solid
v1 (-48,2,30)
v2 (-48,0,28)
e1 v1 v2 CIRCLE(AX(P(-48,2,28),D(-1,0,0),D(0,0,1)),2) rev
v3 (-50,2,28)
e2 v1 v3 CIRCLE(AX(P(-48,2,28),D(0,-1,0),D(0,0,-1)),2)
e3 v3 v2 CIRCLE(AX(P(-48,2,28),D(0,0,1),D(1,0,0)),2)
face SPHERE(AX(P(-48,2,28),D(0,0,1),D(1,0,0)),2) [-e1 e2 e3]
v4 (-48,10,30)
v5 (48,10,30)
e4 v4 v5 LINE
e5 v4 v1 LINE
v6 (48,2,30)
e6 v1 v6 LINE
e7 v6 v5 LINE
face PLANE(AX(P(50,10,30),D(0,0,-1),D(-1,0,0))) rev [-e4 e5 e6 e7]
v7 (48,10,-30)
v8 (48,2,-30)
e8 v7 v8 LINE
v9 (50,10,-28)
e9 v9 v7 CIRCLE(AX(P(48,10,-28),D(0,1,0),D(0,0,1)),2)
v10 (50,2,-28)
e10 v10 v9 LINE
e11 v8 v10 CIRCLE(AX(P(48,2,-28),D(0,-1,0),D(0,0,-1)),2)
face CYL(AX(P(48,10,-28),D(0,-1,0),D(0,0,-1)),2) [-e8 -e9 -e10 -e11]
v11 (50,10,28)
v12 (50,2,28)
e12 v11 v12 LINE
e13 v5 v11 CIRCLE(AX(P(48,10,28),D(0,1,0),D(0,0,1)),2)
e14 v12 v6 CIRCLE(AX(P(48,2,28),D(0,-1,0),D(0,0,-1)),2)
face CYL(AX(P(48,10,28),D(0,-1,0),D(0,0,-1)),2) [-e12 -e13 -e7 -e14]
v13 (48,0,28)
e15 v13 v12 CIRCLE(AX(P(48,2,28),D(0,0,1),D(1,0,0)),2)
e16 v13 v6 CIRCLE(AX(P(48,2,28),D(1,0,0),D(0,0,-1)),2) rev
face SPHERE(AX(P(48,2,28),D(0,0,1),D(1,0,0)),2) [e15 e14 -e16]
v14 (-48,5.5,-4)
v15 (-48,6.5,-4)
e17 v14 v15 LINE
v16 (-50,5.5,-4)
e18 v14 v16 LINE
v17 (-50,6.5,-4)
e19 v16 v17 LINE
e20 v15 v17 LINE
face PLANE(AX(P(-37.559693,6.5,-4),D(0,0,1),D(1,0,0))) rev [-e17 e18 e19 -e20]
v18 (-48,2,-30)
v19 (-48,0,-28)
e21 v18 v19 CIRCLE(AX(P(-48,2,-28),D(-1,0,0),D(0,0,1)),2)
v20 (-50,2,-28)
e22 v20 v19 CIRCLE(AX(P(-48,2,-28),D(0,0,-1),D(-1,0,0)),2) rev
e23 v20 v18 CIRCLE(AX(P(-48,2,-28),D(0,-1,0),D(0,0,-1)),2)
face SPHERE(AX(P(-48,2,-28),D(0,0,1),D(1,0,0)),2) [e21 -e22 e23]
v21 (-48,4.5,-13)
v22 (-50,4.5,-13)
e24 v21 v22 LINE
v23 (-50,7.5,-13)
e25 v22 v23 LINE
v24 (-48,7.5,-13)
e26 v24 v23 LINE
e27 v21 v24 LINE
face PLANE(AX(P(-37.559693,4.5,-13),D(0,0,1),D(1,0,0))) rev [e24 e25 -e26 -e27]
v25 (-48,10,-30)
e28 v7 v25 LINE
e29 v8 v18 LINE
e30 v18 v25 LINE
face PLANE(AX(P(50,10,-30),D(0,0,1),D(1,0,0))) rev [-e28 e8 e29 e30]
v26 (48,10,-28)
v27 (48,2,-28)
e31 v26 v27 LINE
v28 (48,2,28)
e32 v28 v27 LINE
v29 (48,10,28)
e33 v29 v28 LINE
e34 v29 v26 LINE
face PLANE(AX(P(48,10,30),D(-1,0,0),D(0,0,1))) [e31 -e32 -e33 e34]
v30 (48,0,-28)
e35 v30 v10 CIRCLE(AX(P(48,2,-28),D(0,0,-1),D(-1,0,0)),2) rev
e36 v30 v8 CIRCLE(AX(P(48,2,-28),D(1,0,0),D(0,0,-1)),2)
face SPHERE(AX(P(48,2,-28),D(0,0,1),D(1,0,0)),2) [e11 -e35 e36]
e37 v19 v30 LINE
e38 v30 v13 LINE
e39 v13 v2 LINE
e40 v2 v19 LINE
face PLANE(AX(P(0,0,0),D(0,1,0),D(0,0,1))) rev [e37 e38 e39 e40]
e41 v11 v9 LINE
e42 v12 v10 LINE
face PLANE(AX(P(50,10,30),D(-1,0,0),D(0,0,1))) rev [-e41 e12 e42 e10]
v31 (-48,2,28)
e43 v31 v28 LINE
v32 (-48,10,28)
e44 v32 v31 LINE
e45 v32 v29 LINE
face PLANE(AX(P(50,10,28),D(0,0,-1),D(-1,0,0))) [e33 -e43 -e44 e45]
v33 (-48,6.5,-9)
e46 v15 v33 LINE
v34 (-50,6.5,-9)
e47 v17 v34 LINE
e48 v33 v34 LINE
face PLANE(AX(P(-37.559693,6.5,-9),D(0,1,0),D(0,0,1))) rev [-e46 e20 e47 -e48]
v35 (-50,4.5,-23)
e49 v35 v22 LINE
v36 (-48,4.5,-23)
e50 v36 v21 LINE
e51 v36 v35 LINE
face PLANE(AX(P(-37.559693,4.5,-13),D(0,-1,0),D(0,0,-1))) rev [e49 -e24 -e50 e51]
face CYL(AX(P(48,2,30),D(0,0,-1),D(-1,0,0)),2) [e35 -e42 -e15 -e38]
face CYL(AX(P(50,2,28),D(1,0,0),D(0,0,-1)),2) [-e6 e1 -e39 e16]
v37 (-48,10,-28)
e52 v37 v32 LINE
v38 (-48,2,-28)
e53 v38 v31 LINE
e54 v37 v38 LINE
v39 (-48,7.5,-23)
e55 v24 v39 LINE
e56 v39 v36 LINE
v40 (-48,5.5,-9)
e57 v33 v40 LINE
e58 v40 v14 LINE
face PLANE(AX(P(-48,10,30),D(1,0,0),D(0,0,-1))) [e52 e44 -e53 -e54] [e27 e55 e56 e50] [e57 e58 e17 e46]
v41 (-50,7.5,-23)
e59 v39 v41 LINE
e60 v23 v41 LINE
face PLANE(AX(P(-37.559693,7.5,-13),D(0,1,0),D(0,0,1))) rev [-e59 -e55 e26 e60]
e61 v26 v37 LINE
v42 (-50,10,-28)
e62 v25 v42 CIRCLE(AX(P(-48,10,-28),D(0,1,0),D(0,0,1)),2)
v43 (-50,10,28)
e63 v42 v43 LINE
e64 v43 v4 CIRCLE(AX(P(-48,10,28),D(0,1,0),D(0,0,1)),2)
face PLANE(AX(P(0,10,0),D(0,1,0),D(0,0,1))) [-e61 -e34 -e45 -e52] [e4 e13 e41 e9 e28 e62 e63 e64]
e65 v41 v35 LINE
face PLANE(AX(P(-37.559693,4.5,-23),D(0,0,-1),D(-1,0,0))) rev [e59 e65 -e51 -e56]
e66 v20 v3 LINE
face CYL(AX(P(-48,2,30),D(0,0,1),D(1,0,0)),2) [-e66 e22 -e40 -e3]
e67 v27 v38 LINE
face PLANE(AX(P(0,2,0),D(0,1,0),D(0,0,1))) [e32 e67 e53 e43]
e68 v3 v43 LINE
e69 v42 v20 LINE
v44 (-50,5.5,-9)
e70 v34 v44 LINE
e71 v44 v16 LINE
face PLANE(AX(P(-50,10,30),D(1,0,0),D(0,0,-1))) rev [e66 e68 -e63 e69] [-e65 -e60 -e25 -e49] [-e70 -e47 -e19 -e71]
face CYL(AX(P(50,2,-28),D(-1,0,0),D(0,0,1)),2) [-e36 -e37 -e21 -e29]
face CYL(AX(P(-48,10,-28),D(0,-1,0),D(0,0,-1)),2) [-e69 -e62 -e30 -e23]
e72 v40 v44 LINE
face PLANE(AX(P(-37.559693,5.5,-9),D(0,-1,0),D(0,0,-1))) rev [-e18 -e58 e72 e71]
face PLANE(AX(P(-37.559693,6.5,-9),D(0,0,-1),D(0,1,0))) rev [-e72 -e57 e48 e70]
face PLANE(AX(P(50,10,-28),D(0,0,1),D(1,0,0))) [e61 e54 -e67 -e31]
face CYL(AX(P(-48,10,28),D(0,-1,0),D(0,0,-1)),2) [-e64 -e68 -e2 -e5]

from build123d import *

# Parameters (mm, degrees)
SKETCH1_W           = 100
SKETCH1_H           = 60
BOSS_EXTRUDE1_DEPTH = 10
SHELL1_T            = -2
FILLET1_R           = 2
SKETCH2_W           = 5
SKETCH2_H           = 1
SKETCH2_W_2         = 10
SKETCH2_H_2         = 3
CUT_EXTRUDE1_DEPTH  = 2


with BuildPart() as part:
    # Sketch1 → Boss-Extrude1 (new body)
    with BuildSketch(Plane(origin=(0, 0, 0), x_dir=(1, 0, 0), z_dir=(0, 1, 0))):
        Rectangle(SKETCH1_W, SKETCH1_H)
    extrude(amount=BOSS_EXTRUDE1_DEPTH)

    # Shell1
    shell1_openings = [part.faces().sort_by_distance(p)[0] for p in [
        (0, 10, 0),
    ]]
    offset(amount=SHELL1_T, openings=shell1_openings, kind=Kind.INTERSECTION)

    # Fillet1
    fillet1_edges = [part.edges().sort_by_distance(p)[0] for p in [
        (0, 0, -30),
        (50, 0, 0),
        (0, 0, 30),
        (-50, 0, 0),
        (-50, 5, -30),
        (50, 5, -30),
        (50, 5, 30),
        (-50, 5, 30),
    ]]
    fillet(fillet1_edges, radius=FILLET1_R)

    # Sketch2 → Cut-Extrude1 (cut)
    with BuildSketch(Plane.ZY.offset(50)):
        with Locations((-6.5, 6)):
            Rectangle(SKETCH2_W, SKETCH2_H)
        with Locations((-18, 6)):
            Rectangle(SKETCH2_W_2, SKETCH2_H_2)
    extrude(amount=-CUT_EXTRUDE1_DEPTH, mode=Mode.SUBTRACT)


solid = part.part
